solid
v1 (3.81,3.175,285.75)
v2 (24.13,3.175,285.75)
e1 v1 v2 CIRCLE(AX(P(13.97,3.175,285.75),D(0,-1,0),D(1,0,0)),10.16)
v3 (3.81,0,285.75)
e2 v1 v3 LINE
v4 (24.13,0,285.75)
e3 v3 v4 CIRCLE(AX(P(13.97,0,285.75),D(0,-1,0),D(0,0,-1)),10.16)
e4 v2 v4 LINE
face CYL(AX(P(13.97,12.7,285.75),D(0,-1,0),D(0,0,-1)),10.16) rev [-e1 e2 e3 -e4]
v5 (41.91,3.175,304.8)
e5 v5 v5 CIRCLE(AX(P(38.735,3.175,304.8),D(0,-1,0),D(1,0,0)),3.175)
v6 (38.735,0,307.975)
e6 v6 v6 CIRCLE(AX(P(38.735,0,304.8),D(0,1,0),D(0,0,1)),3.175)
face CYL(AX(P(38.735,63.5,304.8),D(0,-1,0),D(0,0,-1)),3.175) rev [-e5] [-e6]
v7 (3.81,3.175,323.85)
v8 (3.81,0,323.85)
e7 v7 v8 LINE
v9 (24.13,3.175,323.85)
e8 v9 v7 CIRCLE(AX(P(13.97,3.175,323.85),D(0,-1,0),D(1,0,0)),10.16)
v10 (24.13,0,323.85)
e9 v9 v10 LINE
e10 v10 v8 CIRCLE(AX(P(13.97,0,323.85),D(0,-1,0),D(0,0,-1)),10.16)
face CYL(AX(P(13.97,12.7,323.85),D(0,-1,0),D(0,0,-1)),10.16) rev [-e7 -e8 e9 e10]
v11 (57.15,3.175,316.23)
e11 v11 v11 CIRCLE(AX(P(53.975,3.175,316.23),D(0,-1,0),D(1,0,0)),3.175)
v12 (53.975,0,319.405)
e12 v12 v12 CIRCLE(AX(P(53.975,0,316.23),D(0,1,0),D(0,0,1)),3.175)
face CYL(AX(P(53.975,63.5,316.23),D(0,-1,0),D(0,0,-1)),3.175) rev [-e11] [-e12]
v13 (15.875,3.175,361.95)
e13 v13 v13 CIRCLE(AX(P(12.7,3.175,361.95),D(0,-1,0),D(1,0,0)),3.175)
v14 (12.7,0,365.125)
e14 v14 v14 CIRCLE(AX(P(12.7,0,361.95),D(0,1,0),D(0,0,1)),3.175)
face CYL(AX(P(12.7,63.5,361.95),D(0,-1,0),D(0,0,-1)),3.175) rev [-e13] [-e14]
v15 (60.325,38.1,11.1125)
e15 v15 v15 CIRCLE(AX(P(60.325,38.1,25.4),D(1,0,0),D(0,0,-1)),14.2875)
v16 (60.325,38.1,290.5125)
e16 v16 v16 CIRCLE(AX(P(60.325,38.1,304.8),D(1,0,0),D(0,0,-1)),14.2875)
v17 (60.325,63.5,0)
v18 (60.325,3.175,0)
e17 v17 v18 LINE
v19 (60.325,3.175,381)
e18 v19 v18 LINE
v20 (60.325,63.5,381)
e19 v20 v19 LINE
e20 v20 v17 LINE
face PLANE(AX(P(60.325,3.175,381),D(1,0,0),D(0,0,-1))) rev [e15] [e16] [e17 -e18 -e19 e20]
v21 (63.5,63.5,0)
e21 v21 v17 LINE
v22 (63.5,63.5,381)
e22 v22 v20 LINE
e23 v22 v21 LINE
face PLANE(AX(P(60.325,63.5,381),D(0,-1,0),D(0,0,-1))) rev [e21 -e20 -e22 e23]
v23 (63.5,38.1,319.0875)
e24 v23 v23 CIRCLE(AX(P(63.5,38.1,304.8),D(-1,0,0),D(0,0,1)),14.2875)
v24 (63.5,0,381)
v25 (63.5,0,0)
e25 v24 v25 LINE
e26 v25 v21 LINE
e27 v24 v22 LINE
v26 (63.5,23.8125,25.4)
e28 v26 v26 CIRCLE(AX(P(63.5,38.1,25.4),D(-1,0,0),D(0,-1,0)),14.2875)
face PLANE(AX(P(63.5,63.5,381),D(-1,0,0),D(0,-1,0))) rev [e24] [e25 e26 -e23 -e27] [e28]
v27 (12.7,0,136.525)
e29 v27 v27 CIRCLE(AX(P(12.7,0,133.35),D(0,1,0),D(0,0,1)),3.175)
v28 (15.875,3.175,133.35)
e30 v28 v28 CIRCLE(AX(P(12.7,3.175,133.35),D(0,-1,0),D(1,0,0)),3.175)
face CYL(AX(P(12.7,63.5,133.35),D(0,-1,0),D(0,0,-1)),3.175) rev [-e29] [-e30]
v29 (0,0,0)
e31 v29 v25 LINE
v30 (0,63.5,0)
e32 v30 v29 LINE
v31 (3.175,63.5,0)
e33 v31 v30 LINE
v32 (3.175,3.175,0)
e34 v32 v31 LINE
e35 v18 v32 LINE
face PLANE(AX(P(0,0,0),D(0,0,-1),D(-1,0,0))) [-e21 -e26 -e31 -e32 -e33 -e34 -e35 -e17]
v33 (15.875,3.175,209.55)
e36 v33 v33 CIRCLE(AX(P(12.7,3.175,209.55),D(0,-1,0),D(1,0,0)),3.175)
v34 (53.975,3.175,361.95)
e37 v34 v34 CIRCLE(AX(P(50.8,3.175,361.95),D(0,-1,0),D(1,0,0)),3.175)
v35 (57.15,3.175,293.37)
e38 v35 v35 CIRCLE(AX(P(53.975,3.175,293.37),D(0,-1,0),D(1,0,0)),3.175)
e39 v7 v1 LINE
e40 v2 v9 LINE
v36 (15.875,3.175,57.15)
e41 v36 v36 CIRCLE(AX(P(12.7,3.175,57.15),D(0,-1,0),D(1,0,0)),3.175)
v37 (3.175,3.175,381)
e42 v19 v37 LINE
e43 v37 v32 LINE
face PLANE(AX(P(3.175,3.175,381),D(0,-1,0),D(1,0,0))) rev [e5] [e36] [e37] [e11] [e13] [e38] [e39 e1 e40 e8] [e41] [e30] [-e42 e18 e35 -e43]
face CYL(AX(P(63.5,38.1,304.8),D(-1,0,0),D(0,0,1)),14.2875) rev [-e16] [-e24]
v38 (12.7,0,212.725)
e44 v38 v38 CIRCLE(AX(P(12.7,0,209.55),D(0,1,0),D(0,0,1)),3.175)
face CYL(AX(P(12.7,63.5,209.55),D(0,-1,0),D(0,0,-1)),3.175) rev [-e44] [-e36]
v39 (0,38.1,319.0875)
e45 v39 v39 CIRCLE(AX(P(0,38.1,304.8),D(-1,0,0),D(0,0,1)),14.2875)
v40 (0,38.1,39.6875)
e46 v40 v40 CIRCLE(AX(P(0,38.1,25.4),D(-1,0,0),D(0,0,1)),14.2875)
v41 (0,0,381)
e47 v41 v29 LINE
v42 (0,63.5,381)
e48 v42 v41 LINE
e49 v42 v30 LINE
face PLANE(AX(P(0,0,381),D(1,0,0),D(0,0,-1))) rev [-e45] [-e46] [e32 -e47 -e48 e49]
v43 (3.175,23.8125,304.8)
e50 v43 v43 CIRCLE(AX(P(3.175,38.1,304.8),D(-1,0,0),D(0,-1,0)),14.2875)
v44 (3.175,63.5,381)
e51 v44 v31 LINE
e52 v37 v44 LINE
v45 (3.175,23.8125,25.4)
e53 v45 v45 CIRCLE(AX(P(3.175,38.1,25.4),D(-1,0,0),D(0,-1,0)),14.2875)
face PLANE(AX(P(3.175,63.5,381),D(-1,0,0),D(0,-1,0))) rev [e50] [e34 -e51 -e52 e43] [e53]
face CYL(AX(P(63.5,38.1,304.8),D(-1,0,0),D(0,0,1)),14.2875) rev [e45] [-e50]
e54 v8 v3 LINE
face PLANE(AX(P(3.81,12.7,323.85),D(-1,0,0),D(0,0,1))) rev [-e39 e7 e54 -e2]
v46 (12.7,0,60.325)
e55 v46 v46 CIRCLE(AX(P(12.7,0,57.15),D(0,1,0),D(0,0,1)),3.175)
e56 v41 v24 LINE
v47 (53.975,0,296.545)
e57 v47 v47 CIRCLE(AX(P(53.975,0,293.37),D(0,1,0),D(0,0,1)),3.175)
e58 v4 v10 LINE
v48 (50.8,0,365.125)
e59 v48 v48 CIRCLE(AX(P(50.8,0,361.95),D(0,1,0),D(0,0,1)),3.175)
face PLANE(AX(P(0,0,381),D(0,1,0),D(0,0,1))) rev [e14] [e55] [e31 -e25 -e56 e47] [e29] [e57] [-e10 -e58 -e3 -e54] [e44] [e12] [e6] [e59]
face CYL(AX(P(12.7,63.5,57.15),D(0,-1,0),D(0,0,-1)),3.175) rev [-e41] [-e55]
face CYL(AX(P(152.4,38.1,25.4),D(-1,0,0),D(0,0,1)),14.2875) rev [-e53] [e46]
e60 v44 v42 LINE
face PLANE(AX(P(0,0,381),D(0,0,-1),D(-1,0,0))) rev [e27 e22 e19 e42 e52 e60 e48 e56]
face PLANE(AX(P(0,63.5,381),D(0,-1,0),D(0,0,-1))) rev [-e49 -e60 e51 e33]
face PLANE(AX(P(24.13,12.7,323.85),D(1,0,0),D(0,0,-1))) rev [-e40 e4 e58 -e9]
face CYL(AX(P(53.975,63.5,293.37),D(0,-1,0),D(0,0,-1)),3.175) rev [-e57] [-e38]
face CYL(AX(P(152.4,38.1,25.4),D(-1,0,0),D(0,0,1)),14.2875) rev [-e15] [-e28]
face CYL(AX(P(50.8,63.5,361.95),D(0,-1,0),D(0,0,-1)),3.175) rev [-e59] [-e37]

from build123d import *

# Parameters (mm, degrees)
BOSS_EXTRUDE1_DEPTH     = 381
SKETCH2_R               = 3.175
CUT_EXTRUDE1_DEPTH      = 1
CUT_EXTRUDE1_DEPTH_BACK = 64.5
CUT_EXTRUDE3_DEPTH      = 12.7
SKETCH7_R               = 14.2875
CUT_EXTRUDE4_DEPTH      = 14.97
CUT_EXTRUDE4_DEPTH_BACK = 50.53
SKETCH8_R               = 3.175
CUT_EXTRUDE5_DEPTH      = 1
CUT_EXTRUDE5_DEPTH_BACK = 64.5
SKETCH9_R               = 14.2875
CUT_EXTRUDE6_DEPTH      = 152.4


with BuildPart() as part:
    # Sketch1 → Boss-Extrude1 (new body)
    with BuildSketch(Plane.XY):
        Polygon((0, 0), (63.5, 0), (63.5, 63.5), (60.325, 63.5), (60.325, 3.175), (3.175, 3.175), (3.175, 63.5), (0, 63.5), align=None)
    extrude(amount=BOSS_EXTRUDE1_DEPTH)

    # Sketch2 → Cut-Extrude1 (cut, two sides)
    with BuildSketch(Plane.XZ) as cut_extrude1_sk:
        with Locations((12.7, 361.95)):
            Circle(SKETCH2_R)
        with Locations((50.8, 361.95)):
            Circle(SKETCH2_R)
        with Locations((12.7, 57.15)):
            Circle(SKETCH2_R)
        with Locations((12.7, 133.35)):
            Circle(SKETCH2_R)
        with Locations((12.7, 209.55)):
            Circle(SKETCH2_R)
    extrude(amount=CUT_EXTRUDE1_DEPTH, mode=Mode.SUBTRACT)
    extrude(cut_extrude1_sk.sketch, amount=-CUT_EXTRUDE1_DEPTH_BACK, mode=Mode.SUBTRACT)

    # Sketch4 → Cut-Extrude3 (cut)
    with BuildSketch(Plane.XZ):
        with BuildLine():
            Line((24.13, 323.85), (24.13, 285.75))
            ThreePointArc((24.13, 285.75), (13.97, 275.59), (3.81, 285.75))
            Line((3.81, 285.75), (3.81, 323.85))
            ThreePointArc((3.81, 323.85), (13.97, 334.01), (24.13, 323.85))
        make_face()
    extrude(amount=-CUT_EXTRUDE3_DEPTH, mode=Mode.SUBTRACT)

    # Sketch7 → Cut-Extrude4 (cut, two sides)
    with BuildSketch(Plane.ZY.offset(-13.97)) as cut_extrude4_sk:
        with Locations((304.8, 38.1)):
            Circle(SKETCH7_R)
    extrude(amount=CUT_EXTRUDE4_DEPTH, mode=Mode.SUBTRACT)
    extrude(cut_extrude4_sk.sketch, amount=-CUT_EXTRUDE4_DEPTH_BACK, mode=Mode.SUBTRACT)

    # Sketch8 → Cut-Extrude5 (cut, two sides)
    with BuildSketch(Plane.XZ) as cut_extrude5_sk:
        with Locations((38.735, 304.8)):
            Circle(SKETCH8_R)
        with Locations((53.975, 316.23)):
            Circle(SKETCH8_R)
        with Locations((53.975, 293.37)):
            Circle(SKETCH8_R)
    extrude(amount=CUT_EXTRUDE5_DEPTH, mode=Mode.SUBTRACT)
    extrude(cut_extrude5_sk.sketch, amount=-CUT_EXTRUDE5_DEPTH_BACK, mode=Mode.SUBTRACT)

    # Sketch9 → Cut-Extrude6 (cut)
    with BuildSketch(Plane.ZY):
        with Locations((25.4, 38.1)):
            Circle(SKETCH9_R)
    extrude(amount=-CUT_EXTRUDE6_DEPTH, mode=Mode.SUBTRACT)


solid = part.part
